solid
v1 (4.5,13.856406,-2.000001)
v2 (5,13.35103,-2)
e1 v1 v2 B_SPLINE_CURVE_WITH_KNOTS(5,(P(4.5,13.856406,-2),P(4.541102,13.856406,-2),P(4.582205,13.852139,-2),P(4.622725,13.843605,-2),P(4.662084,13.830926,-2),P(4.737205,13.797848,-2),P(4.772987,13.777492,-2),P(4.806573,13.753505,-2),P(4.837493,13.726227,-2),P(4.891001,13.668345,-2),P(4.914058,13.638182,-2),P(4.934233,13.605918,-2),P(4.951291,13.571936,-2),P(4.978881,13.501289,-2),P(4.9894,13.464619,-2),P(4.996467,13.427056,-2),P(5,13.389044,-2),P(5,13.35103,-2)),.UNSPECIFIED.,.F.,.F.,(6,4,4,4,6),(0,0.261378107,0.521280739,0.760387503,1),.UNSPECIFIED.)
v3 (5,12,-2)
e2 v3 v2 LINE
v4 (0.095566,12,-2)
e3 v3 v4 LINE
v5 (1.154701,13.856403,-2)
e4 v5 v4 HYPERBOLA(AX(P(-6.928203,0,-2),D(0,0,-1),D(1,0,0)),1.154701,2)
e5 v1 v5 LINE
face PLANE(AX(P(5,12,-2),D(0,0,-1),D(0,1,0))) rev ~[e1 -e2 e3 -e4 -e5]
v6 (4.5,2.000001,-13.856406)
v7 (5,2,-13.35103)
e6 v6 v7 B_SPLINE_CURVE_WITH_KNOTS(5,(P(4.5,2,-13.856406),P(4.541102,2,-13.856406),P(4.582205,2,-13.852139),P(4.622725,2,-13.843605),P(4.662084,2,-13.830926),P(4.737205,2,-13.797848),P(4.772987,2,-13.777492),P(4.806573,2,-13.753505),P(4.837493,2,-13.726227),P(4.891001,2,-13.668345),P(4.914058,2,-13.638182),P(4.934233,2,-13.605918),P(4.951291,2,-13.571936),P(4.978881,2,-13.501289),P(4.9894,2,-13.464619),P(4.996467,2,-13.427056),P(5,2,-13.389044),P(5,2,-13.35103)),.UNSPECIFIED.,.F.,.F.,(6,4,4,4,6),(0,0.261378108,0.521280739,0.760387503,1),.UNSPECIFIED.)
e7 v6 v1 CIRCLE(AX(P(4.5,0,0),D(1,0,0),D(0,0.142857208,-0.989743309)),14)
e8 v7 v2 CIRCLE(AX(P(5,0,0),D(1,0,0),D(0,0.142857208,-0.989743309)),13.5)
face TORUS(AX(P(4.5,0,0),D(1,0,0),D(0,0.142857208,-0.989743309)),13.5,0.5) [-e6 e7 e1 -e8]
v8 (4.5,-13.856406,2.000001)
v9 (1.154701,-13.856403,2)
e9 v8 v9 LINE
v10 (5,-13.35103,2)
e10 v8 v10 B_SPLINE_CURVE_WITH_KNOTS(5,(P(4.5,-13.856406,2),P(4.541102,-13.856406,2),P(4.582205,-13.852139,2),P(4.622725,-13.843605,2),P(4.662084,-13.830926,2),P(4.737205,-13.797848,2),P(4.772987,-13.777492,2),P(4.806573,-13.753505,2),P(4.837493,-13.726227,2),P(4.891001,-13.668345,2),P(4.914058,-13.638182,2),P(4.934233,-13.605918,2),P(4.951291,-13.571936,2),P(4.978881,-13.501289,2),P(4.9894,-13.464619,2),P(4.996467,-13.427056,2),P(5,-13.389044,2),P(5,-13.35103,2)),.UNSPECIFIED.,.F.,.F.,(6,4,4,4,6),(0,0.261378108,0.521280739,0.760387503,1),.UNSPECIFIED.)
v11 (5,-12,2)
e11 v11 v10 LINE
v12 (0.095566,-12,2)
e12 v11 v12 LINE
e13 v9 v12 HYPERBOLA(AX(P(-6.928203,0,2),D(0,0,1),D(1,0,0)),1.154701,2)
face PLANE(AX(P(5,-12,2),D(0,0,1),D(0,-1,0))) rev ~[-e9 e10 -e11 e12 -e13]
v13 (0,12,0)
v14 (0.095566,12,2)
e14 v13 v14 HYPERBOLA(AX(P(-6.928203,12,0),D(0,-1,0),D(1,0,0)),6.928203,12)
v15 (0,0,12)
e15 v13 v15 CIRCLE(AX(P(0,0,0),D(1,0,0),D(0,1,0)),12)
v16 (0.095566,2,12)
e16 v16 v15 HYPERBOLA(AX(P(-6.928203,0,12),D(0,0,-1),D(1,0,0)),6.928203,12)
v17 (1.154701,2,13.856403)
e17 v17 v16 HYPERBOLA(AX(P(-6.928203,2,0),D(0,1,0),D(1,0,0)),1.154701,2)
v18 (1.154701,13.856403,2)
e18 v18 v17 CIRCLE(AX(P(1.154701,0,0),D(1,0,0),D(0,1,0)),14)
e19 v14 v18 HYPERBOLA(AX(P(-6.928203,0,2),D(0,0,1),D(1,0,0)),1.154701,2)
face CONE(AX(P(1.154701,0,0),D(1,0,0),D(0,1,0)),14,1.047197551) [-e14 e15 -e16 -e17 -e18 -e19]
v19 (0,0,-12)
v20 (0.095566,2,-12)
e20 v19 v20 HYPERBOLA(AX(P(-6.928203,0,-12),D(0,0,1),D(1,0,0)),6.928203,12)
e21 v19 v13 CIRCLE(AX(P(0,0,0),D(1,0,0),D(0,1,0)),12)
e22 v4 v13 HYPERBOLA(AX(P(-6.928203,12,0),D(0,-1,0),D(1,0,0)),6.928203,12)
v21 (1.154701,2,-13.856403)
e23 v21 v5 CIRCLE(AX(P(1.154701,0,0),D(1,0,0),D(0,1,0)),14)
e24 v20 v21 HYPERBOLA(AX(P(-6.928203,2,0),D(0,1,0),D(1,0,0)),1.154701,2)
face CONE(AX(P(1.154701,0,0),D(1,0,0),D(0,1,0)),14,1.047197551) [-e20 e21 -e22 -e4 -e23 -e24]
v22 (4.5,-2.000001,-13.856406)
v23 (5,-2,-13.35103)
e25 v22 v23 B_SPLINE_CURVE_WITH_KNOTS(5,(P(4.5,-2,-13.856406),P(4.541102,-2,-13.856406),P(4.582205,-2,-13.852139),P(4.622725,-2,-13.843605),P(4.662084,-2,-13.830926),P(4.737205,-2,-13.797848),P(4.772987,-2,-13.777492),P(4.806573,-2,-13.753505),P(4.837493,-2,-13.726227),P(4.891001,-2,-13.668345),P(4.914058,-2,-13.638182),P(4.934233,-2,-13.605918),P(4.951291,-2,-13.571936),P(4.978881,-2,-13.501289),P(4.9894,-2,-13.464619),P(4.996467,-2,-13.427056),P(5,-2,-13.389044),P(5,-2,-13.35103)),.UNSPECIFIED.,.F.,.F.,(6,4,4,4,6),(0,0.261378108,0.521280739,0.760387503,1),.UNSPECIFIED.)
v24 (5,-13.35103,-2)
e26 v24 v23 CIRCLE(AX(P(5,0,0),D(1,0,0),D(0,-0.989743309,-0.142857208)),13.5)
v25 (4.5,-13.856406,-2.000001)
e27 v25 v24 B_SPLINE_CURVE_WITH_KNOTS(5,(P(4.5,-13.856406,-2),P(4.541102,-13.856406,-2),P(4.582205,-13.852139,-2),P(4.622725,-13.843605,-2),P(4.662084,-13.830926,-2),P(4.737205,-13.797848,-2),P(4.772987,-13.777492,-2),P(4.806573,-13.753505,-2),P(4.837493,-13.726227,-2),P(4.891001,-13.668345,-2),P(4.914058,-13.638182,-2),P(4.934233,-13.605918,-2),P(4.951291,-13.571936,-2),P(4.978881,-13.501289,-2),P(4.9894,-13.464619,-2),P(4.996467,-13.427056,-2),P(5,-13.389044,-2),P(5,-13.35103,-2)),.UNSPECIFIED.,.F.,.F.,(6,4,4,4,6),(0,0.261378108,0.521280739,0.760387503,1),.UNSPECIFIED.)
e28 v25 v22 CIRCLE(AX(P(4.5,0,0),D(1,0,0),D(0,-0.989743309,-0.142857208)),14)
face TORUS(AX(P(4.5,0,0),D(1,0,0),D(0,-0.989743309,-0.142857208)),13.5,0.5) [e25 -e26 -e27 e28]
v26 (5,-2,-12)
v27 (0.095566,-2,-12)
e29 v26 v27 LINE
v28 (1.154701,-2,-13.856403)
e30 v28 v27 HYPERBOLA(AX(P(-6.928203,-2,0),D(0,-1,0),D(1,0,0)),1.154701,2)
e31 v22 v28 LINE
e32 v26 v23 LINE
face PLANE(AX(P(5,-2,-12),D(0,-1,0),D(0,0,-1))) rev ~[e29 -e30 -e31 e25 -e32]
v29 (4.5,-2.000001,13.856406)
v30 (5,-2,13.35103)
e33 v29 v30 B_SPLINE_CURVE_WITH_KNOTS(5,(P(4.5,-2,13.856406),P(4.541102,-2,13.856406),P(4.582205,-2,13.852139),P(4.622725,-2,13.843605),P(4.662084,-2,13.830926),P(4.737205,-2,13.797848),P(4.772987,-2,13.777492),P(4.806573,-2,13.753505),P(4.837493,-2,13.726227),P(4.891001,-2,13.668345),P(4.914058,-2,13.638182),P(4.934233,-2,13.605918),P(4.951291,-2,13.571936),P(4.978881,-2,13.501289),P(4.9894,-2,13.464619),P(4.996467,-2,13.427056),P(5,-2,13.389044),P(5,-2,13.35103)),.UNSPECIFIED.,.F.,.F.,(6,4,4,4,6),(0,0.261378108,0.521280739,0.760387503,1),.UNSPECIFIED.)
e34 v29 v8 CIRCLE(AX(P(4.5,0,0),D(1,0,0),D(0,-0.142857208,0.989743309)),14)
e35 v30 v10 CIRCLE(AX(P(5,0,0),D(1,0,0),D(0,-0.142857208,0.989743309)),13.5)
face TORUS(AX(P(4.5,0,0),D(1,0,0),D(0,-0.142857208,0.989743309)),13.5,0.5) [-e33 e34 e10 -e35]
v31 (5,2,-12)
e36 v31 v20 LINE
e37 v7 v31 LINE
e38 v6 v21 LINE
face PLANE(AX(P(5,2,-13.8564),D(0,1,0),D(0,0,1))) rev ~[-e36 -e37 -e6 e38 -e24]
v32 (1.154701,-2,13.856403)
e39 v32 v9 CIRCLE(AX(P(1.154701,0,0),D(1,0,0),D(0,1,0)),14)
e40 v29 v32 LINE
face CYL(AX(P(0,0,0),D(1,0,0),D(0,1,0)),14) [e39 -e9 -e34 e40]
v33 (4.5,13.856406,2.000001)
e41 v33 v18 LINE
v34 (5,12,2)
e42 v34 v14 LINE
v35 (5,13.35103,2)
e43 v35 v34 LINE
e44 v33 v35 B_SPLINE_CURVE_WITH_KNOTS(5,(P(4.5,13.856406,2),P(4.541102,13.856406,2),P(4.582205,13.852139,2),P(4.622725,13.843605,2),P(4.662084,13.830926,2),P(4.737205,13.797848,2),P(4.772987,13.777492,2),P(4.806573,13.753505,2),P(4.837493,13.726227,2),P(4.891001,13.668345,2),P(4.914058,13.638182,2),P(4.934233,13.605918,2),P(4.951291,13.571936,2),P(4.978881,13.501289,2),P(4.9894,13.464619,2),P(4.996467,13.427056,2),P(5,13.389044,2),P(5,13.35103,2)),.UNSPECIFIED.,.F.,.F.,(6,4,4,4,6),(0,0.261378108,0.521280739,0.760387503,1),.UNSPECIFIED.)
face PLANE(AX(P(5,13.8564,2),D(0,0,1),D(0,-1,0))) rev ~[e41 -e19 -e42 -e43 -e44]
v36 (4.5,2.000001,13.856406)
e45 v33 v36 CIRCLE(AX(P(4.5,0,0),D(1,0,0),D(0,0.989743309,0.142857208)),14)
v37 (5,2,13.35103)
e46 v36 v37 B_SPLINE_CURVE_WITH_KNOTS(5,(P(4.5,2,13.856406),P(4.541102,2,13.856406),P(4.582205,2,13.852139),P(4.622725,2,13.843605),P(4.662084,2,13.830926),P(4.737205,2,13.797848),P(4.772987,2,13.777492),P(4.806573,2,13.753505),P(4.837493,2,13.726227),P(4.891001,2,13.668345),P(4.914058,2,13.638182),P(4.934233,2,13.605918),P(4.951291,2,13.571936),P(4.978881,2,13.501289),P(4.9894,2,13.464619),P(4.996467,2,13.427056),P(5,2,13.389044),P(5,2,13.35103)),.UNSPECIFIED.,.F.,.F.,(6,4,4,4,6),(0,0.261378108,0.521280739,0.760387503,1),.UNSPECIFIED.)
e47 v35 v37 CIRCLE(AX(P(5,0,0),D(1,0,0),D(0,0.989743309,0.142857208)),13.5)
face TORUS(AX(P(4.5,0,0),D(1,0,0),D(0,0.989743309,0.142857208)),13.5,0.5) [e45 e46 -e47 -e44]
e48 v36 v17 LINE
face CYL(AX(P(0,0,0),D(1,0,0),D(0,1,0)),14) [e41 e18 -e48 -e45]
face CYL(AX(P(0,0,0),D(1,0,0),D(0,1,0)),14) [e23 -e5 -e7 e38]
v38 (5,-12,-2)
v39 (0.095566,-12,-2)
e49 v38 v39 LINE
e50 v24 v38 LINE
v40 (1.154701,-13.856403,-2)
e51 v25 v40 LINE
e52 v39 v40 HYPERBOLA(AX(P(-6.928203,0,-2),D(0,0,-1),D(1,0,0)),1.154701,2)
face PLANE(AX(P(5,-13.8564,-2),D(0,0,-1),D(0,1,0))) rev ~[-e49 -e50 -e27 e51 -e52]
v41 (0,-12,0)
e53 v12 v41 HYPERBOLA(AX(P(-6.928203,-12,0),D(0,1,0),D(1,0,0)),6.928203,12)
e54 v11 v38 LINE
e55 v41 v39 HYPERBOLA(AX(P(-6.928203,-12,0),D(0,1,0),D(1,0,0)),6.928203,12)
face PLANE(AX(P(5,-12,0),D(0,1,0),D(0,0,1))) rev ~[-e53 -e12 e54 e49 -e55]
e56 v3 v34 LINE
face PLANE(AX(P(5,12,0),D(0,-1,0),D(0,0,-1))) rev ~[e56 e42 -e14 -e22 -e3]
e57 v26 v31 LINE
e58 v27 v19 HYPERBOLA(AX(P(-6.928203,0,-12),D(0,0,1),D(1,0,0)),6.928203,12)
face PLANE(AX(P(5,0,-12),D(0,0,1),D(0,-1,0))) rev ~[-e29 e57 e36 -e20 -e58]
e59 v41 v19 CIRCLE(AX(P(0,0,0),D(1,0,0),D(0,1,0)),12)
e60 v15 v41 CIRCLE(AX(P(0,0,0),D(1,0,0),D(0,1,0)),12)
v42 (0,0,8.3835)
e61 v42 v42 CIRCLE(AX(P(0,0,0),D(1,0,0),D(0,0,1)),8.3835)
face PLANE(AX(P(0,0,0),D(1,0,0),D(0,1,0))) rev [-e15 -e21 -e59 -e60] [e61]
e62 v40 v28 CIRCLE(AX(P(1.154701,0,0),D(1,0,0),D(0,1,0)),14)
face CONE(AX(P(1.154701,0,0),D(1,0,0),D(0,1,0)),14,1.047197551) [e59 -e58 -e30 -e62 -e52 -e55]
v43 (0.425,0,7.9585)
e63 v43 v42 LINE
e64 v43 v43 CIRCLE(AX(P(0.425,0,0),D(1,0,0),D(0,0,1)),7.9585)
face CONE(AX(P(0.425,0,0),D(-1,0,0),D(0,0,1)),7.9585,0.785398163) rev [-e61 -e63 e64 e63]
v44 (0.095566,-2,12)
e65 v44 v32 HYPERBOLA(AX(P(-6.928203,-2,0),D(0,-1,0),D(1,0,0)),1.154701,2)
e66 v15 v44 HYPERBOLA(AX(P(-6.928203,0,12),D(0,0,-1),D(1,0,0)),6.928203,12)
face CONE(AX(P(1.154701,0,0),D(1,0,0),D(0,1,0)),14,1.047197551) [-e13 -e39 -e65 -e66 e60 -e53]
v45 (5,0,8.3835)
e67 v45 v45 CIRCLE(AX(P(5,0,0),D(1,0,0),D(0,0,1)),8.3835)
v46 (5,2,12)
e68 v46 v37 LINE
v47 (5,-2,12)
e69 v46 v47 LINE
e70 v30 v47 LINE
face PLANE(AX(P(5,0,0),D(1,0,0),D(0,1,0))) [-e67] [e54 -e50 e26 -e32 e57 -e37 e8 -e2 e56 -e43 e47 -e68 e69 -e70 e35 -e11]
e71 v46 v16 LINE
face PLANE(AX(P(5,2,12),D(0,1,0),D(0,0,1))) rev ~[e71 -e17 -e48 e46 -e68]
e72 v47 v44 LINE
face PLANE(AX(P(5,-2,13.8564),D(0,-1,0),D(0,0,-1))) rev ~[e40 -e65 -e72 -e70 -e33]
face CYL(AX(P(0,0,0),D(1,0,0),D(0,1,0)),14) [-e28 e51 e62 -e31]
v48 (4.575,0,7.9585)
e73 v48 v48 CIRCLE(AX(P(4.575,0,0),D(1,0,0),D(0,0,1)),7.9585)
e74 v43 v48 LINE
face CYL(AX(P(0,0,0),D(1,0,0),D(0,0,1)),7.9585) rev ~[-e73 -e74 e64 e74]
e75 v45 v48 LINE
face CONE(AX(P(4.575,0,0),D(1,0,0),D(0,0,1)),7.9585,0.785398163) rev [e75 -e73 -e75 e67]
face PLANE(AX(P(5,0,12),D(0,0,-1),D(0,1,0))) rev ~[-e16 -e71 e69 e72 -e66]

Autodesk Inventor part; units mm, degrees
ref_plane "YZ Plane" through (0, 0, 0) normal (1, 0, 0) x (0, 1, 0)
ref_plane "XZ Plane" through (0, 0, 0) normal (0, 1, 0) x (-1, 0, 0)
sketch "Skizze1" plane through (0, 0, 0) normal (0, 0, 1) x (1, 0, 0)
  line L0 (0, 0) -> (5, 0)
  line L1 (0, 0) -> (0, 14)
  line L2 (0, 14) -> (5, 14)
  line L3 (5, 14) -> (5, 0)
  line L4 (0, 16.8) -> (0, -2.8) projected
  line L5 (-1, 0) -> (6, 0) projected
  dimension "d1" = 28
  dimension "d2" = 5
revolve "Körper" add sketch "Skizze1" angle 360 about axis through (0, 0, 0) along (1, 0, 0)
sketch "Skizze2" plane through (0, 0, 0) normal (-1, 0, 0) x (0, 0, 1)
  circle A0 centre (0, 0) radius 14 projected
  point P0 (0, 0)
hole "Gewinde" at (0, 0, 0) direction (1, 0, 0) diameter 15.917 end through all thread size "M17x1" class "6H" standard "ISO Metric profile"
chamfer "Fase1" distance 2 angle 30 1 edges at (0, -14, 0) measured on face at (0, 11.8312, -1.4366)
sketch "Skizze3" plane through (5, 0, 0) normal (1, 0, 0) x (0, 0, -1)
  circle A0 centre (0, 0) radius 14 projected
  line L0 (-2, 13.8564) -> (-2, 12)
  line L1 (-2, 12) -> (2, 12)
  line L2 (2, 12) -> (2, 13.8564)
  line L3 (0, -19.6) -> (0, 19.6) projected
  line L4 (-19.6, 0) -> (19.6, 0) projected
  dimension "d12" = 2
  dimension "d13" = 2
  dimension "d14" = 12
extrude "Nut1" cut sketch "Skizze3" against normal through all contours L2 L1 L3 A0 | L3 L1 L0 A0
pattern_circular "Nuten1" count 4 over 360 about axis through (-10, 0, 0) along (1, 0, 0) of "Nut1"
fillet "Rundung1" radius 0.5 4 edges at (5, 9.8995, 9.8995) (5, 9.8995, -9.8995) (5, -9.8995, -9.8995) (5, -9.8995, 9.8995)
chamfer "Fase2" distance 0.425 angle 45 1 edges at (5, 0, -7.9585) measured on face at (5, -10.6335, 0.3198)
chamfer "Fase3" distance 0.425 angle 45 1 edges at (0, 0, -7.9585) measured on face at (0, 0.8901, -10.5525)
ref_plane "Work Plane1" through (39.9124, 0, 0) normal (0, 1, 0) x (-1, 0, 0)
equation "\"d1\" = SD2"
equation "\"d2\" = KOH"
equation "\"d12\" = 0.5 * SNB"
equation "\"d13\" = 0.5 * SNB"
equation "\"d14\" = 0.5 * SD2 - SNT"
equation "\"d10\" = -0.5 * LADI + 0.5 * SD2"
equation "\"d11\" = FAWI2"
equation "\"d40\" = -0.5 * LADI + 0.5 * SD2"
equation "\"d18\" = RR"
equation "\"d19\" = 0.025 * NND"
equation "\"d41\" = 0.025 * NND"
equation "\"d21\" = 0.025 * NND"
equation "\"d42\" = 0.025 * NND"
equation "\"NND\" = 17"
equation "\"KOH\" = 5"
equation "\"SD2\" = 28"
equation "\"SNB\" = 4"
equation "\"SNT\" = 2"
equation "\"LADI\" = 24"
equation "\"RR\" = 0.5"
equation "\"FAWI2\" = 30deg"
equation "\"GUL\" = 0.61345 * PTC"
equation "\"THREADDIA\" = 17"
equation "\"TOA\" = 30deg"
equation "\"PTC\" = 1"
equation "\"GAL\" = 0.61345 * PTC"
equation "\"GD1\" = THREADDIA - 1.2269 * PTC"
properties part number "DIN 981 - KM 3" material "Stahl, weich"
